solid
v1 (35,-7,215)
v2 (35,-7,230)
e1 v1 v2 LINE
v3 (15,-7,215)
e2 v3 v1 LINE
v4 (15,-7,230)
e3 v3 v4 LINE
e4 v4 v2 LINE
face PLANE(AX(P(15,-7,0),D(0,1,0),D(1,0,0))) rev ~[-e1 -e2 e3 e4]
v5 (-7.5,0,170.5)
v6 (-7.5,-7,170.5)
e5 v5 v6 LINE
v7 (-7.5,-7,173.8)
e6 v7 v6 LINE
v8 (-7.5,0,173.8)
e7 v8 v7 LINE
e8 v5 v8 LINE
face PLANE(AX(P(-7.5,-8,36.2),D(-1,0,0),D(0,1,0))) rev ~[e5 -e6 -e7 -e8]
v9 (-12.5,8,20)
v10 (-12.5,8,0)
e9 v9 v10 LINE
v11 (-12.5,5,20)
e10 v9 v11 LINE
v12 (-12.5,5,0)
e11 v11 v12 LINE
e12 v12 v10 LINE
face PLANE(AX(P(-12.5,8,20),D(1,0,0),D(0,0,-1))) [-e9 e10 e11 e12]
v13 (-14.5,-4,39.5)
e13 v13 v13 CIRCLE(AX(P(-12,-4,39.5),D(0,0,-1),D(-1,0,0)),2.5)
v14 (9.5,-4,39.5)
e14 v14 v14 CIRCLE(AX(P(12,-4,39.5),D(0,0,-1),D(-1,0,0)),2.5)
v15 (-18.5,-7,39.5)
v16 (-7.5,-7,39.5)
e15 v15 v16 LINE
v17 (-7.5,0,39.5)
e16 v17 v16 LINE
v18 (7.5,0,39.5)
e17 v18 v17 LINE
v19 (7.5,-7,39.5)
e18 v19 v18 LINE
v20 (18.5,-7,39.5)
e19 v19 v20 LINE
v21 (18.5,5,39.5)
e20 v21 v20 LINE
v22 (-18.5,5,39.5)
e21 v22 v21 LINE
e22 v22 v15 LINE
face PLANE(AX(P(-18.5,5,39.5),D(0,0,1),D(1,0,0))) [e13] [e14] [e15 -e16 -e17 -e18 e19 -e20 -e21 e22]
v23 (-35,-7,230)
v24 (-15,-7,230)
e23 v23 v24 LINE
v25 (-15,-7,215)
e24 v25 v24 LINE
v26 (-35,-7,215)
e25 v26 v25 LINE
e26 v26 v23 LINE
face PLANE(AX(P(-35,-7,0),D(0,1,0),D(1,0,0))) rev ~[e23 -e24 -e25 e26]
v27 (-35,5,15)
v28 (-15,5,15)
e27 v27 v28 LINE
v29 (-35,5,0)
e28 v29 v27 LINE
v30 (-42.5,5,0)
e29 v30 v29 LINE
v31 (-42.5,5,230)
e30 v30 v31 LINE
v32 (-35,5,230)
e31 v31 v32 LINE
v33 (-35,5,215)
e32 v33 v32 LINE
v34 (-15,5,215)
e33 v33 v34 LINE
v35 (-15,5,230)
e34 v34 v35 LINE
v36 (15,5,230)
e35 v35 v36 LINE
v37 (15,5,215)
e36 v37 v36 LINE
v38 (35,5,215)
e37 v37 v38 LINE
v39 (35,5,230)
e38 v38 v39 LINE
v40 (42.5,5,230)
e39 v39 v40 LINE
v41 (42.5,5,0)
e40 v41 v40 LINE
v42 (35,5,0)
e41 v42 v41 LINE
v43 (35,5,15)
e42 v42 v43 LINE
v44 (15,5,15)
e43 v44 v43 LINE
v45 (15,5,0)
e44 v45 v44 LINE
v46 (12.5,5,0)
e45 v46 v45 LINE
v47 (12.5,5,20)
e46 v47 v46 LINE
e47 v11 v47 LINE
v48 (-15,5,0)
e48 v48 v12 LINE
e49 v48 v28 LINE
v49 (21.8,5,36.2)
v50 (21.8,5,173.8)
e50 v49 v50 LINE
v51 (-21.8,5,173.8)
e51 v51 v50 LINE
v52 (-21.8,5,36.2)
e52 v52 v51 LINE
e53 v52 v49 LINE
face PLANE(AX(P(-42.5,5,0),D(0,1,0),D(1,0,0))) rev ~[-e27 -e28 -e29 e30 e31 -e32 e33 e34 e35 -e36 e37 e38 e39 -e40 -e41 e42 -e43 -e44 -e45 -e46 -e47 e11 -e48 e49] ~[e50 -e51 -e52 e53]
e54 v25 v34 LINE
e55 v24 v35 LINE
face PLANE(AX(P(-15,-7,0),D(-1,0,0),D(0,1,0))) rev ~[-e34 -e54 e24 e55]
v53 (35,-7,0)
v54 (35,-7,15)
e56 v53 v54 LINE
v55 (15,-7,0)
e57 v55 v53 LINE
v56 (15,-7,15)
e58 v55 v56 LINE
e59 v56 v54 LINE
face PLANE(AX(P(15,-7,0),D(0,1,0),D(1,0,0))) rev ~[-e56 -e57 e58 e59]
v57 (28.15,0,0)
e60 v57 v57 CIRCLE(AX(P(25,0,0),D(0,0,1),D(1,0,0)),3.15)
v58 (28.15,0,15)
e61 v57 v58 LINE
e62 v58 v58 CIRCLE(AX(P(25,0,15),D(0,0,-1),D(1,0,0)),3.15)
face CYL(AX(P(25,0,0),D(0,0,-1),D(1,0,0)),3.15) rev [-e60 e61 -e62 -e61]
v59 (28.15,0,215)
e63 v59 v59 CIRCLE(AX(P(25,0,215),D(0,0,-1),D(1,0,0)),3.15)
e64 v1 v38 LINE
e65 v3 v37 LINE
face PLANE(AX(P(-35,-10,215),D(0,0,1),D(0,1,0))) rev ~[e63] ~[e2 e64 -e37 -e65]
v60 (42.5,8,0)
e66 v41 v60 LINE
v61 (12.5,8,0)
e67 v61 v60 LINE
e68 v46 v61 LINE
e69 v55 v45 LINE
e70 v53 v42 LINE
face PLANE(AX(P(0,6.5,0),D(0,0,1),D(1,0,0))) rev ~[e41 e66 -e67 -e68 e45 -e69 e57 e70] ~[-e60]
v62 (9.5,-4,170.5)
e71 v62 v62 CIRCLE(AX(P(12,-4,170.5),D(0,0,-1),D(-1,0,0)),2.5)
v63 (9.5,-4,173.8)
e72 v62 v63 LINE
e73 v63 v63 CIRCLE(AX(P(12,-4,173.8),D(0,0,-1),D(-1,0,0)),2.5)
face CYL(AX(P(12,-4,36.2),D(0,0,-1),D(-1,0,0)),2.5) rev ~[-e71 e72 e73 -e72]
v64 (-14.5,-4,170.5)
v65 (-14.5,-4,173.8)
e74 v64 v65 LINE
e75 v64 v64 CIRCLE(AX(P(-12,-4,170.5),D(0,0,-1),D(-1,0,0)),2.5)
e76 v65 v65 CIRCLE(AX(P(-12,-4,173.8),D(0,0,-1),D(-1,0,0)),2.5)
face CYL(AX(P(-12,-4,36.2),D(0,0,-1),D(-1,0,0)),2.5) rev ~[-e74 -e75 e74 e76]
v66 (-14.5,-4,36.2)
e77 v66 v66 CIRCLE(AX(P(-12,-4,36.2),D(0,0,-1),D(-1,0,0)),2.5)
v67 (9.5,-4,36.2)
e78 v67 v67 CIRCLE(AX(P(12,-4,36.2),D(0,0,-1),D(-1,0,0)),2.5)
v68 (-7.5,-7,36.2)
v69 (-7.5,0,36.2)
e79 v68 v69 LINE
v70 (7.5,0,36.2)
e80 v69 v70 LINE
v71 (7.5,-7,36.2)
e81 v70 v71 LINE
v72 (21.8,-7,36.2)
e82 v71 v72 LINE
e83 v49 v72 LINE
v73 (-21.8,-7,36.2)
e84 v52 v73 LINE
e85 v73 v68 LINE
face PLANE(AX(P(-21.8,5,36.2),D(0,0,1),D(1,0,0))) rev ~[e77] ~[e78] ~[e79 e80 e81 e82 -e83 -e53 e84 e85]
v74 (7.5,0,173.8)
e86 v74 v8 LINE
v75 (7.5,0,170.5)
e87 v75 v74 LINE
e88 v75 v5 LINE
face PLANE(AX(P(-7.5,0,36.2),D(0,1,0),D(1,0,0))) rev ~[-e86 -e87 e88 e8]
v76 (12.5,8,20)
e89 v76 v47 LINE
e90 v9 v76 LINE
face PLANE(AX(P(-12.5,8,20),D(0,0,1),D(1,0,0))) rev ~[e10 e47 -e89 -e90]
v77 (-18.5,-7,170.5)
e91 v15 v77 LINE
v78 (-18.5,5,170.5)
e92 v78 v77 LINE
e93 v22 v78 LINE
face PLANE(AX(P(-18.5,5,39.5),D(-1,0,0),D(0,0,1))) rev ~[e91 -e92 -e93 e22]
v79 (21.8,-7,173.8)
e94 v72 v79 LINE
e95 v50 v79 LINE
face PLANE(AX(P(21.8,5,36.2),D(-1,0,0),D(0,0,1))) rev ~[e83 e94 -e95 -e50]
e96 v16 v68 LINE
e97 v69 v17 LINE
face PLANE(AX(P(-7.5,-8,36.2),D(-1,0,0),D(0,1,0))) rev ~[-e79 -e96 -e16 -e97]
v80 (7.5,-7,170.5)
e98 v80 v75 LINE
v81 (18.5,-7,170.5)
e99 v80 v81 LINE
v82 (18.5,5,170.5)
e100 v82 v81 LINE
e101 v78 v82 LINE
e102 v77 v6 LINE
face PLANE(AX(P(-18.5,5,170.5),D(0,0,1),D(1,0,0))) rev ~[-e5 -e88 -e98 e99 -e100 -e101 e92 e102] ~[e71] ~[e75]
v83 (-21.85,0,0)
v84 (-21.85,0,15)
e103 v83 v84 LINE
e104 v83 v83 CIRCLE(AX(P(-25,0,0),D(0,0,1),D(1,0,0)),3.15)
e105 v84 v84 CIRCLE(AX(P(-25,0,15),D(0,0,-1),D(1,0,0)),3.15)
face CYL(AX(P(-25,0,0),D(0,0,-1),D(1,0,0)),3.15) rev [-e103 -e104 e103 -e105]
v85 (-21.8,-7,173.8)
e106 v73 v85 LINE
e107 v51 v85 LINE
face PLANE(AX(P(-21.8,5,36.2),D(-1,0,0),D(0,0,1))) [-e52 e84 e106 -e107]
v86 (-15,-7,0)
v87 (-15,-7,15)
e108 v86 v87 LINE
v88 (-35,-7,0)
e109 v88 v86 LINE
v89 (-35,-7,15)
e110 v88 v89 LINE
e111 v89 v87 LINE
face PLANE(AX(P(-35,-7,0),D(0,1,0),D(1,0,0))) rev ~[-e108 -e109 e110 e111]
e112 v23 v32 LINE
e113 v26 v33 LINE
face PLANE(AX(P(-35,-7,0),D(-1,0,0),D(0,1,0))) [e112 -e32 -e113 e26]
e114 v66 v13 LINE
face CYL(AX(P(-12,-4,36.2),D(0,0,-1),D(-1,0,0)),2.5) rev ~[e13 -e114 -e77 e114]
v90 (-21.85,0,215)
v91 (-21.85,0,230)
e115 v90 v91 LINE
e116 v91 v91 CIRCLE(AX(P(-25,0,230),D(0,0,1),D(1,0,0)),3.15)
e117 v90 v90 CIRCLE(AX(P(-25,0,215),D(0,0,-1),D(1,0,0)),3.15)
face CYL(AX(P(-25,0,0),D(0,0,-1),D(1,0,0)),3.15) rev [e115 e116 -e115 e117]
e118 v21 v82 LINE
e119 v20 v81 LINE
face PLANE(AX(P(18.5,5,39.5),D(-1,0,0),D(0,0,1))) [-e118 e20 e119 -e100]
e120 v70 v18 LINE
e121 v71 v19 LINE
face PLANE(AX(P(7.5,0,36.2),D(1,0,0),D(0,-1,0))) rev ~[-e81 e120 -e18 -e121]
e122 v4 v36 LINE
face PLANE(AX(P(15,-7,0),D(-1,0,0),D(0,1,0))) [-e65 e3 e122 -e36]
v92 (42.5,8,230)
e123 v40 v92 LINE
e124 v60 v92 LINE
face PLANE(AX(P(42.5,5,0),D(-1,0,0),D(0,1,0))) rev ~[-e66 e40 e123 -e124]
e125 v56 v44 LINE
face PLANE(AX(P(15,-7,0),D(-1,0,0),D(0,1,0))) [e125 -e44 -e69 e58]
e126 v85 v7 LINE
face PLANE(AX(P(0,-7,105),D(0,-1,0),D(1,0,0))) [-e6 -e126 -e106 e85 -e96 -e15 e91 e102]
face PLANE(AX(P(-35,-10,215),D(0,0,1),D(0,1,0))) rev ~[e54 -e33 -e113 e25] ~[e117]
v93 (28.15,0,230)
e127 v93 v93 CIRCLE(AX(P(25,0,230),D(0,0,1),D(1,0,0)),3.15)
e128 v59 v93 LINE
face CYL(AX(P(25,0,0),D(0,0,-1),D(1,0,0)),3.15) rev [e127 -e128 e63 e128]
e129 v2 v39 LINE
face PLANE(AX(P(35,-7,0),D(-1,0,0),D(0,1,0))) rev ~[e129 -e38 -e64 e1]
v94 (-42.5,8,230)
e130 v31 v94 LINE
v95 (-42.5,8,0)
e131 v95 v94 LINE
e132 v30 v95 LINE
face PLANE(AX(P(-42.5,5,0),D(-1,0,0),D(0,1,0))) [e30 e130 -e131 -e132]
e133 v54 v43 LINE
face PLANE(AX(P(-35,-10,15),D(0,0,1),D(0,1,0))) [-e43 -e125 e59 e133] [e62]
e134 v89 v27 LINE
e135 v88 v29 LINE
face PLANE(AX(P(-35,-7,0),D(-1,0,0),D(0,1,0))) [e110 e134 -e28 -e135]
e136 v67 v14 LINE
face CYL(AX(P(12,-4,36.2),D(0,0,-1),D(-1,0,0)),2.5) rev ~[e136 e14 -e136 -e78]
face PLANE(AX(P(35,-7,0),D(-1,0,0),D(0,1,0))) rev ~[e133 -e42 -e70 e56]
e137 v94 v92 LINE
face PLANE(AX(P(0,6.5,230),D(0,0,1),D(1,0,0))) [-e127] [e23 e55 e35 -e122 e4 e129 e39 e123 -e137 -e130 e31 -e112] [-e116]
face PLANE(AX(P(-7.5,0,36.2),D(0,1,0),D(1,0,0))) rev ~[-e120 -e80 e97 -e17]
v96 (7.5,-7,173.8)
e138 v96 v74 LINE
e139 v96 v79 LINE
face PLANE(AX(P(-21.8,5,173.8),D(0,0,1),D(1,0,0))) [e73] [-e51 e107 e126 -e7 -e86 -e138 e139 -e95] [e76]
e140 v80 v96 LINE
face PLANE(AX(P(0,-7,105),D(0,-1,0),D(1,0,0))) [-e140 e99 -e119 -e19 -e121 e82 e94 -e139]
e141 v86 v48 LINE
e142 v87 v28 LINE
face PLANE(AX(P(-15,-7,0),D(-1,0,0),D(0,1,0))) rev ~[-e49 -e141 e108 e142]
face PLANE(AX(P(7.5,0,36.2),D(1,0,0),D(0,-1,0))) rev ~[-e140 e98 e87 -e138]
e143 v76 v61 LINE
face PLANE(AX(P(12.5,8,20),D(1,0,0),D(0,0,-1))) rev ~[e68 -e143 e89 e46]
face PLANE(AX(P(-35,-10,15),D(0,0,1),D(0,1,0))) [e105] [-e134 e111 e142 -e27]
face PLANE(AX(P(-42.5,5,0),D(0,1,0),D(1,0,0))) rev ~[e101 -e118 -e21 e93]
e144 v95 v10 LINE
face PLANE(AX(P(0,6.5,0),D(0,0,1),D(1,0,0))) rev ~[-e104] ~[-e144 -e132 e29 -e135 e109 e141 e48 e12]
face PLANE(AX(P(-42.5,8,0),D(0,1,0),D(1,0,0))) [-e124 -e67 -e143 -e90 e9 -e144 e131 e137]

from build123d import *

# Parameters (mm, degrees)
SKETCH1_W           = 20
SKETCH1_H           = 12
SKETCH1_R           = 3.15
SKETCH1_W_2         = 85
SKETCH1_H_2         = 3
BOSS_EXTRUDE1_DEPTH = 230
SKETCH2_W           = 200
SKETCH2_H           = 15
CUT_EXTRUDE1_DEPTH  = 210
SKETCH3_W           = 43.6
SKETCH3_H           = 137.6
SKETCH3_W_2         = 37
SKETCH3_H_2         = 131
BOSS_EXTRUDE2_DEPTH = 12
CUT_EXTRUDE2_DEPTH  = 199.566588327
SKETCH6_R           = 2.5
CUT_EXTRUDE3_DEPTH  = 150
SKETCH7_W           = 25
SKETCH7_H           = 40
CUT_EXTRUDE4_DEPTH  = 150


with BuildPart() as part:
    # Sketch1 → Boss-Extrude1 (new body)
    # profile 1 of 3: a face of its own
    with BuildSketch(Plane.XY):
        with Locations((-25, -1)):
            Rectangle(SKETCH1_W, SKETCH1_H)
        with Locations((-25, 0)):
            Circle(SKETCH1_R, mode=Mode.SUBTRACT)
    # profile 2 of 3: a face of its own
    with BuildSketch(Plane.XY):
        with Locations((25, -1)):
            Rectangle(SKETCH1_W, SKETCH1_H)
        with Locations((25, 0)):
            Circle(SKETCH1_R, mode=Mode.SUBTRACT)
    # profile 3 of 3: a face of its own
    with BuildSketch(Plane.XY):
        with Locations((0, 6.5)):
            Rectangle(SKETCH1_W_2, SKETCH1_H_2)
    extrude(amount=BOSS_EXTRUDE1_DEPTH)

    # Sketch2 → Cut-Extrude1 (cut)
    with BuildSketch(Plane.ZY.offset(35)):
        with Locations((115, -2.5)):
            Rectangle(SKETCH2_W, SKETCH2_H)
    extrude(amount=-CUT_EXTRUDE1_DEPTH, mode=Mode.SUBTRACT)

    # Sketch3 → Boss-Extrude2 (add)
    with BuildSketch(Plane.XZ.offset(-5)):
        with Locations((0, 105)):
            Rectangle(SKETCH3_W, SKETCH3_H)
        with Locations((0, 105)):
            Rectangle(SKETCH3_W_2, SKETCH3_H_2, mode=Mode.SUBTRACT)
    extrude(amount=BOSS_EXTRUDE2_DEPTH)

    # Sketch4 → Cut-Extrude2 (cut, through all)
    with BuildSketch(Plane(origin=(0, 0, 36.2), x_dir=(-1, 0, 0), z_dir=(0, 0, -1))):
        Polygon((0, 0), (-7.5, 0), (-7.5, -8), (7.5, -8), (7.5, 0), align=None)
    extrude(amount=-CUT_EXTRUDE2_DEPTH, mode=Mode.SUBTRACT)

    # Sketch6 → Cut-Extrude3 (cut)
    with BuildSketch(Plane(origin=(0, 0, 36.2), x_dir=(-1, 0, 0), z_dir=(0, 0, -1))):
        with Locations((-12, -4)):
            Circle(SKETCH6_R)
        with Locations((12, -4)):
            Circle(SKETCH6_R)
    extrude(amount=-CUT_EXTRUDE3_DEPTH, mode=Mode.SUBTRACT)

    # Sketch7 → Cut-Extrude4 (cut)
    with BuildSketch(Plane(origin=(0, 8, 0), x_dir=(1, 0, 0), z_dir=(0, 1, 0))):
        Rectangle(SKETCH7_W, SKETCH7_H)
    extrude(amount=-CUT_EXTRUDE4_DEPTH, mode=Mode.SUBTRACT)


solid = part.part
